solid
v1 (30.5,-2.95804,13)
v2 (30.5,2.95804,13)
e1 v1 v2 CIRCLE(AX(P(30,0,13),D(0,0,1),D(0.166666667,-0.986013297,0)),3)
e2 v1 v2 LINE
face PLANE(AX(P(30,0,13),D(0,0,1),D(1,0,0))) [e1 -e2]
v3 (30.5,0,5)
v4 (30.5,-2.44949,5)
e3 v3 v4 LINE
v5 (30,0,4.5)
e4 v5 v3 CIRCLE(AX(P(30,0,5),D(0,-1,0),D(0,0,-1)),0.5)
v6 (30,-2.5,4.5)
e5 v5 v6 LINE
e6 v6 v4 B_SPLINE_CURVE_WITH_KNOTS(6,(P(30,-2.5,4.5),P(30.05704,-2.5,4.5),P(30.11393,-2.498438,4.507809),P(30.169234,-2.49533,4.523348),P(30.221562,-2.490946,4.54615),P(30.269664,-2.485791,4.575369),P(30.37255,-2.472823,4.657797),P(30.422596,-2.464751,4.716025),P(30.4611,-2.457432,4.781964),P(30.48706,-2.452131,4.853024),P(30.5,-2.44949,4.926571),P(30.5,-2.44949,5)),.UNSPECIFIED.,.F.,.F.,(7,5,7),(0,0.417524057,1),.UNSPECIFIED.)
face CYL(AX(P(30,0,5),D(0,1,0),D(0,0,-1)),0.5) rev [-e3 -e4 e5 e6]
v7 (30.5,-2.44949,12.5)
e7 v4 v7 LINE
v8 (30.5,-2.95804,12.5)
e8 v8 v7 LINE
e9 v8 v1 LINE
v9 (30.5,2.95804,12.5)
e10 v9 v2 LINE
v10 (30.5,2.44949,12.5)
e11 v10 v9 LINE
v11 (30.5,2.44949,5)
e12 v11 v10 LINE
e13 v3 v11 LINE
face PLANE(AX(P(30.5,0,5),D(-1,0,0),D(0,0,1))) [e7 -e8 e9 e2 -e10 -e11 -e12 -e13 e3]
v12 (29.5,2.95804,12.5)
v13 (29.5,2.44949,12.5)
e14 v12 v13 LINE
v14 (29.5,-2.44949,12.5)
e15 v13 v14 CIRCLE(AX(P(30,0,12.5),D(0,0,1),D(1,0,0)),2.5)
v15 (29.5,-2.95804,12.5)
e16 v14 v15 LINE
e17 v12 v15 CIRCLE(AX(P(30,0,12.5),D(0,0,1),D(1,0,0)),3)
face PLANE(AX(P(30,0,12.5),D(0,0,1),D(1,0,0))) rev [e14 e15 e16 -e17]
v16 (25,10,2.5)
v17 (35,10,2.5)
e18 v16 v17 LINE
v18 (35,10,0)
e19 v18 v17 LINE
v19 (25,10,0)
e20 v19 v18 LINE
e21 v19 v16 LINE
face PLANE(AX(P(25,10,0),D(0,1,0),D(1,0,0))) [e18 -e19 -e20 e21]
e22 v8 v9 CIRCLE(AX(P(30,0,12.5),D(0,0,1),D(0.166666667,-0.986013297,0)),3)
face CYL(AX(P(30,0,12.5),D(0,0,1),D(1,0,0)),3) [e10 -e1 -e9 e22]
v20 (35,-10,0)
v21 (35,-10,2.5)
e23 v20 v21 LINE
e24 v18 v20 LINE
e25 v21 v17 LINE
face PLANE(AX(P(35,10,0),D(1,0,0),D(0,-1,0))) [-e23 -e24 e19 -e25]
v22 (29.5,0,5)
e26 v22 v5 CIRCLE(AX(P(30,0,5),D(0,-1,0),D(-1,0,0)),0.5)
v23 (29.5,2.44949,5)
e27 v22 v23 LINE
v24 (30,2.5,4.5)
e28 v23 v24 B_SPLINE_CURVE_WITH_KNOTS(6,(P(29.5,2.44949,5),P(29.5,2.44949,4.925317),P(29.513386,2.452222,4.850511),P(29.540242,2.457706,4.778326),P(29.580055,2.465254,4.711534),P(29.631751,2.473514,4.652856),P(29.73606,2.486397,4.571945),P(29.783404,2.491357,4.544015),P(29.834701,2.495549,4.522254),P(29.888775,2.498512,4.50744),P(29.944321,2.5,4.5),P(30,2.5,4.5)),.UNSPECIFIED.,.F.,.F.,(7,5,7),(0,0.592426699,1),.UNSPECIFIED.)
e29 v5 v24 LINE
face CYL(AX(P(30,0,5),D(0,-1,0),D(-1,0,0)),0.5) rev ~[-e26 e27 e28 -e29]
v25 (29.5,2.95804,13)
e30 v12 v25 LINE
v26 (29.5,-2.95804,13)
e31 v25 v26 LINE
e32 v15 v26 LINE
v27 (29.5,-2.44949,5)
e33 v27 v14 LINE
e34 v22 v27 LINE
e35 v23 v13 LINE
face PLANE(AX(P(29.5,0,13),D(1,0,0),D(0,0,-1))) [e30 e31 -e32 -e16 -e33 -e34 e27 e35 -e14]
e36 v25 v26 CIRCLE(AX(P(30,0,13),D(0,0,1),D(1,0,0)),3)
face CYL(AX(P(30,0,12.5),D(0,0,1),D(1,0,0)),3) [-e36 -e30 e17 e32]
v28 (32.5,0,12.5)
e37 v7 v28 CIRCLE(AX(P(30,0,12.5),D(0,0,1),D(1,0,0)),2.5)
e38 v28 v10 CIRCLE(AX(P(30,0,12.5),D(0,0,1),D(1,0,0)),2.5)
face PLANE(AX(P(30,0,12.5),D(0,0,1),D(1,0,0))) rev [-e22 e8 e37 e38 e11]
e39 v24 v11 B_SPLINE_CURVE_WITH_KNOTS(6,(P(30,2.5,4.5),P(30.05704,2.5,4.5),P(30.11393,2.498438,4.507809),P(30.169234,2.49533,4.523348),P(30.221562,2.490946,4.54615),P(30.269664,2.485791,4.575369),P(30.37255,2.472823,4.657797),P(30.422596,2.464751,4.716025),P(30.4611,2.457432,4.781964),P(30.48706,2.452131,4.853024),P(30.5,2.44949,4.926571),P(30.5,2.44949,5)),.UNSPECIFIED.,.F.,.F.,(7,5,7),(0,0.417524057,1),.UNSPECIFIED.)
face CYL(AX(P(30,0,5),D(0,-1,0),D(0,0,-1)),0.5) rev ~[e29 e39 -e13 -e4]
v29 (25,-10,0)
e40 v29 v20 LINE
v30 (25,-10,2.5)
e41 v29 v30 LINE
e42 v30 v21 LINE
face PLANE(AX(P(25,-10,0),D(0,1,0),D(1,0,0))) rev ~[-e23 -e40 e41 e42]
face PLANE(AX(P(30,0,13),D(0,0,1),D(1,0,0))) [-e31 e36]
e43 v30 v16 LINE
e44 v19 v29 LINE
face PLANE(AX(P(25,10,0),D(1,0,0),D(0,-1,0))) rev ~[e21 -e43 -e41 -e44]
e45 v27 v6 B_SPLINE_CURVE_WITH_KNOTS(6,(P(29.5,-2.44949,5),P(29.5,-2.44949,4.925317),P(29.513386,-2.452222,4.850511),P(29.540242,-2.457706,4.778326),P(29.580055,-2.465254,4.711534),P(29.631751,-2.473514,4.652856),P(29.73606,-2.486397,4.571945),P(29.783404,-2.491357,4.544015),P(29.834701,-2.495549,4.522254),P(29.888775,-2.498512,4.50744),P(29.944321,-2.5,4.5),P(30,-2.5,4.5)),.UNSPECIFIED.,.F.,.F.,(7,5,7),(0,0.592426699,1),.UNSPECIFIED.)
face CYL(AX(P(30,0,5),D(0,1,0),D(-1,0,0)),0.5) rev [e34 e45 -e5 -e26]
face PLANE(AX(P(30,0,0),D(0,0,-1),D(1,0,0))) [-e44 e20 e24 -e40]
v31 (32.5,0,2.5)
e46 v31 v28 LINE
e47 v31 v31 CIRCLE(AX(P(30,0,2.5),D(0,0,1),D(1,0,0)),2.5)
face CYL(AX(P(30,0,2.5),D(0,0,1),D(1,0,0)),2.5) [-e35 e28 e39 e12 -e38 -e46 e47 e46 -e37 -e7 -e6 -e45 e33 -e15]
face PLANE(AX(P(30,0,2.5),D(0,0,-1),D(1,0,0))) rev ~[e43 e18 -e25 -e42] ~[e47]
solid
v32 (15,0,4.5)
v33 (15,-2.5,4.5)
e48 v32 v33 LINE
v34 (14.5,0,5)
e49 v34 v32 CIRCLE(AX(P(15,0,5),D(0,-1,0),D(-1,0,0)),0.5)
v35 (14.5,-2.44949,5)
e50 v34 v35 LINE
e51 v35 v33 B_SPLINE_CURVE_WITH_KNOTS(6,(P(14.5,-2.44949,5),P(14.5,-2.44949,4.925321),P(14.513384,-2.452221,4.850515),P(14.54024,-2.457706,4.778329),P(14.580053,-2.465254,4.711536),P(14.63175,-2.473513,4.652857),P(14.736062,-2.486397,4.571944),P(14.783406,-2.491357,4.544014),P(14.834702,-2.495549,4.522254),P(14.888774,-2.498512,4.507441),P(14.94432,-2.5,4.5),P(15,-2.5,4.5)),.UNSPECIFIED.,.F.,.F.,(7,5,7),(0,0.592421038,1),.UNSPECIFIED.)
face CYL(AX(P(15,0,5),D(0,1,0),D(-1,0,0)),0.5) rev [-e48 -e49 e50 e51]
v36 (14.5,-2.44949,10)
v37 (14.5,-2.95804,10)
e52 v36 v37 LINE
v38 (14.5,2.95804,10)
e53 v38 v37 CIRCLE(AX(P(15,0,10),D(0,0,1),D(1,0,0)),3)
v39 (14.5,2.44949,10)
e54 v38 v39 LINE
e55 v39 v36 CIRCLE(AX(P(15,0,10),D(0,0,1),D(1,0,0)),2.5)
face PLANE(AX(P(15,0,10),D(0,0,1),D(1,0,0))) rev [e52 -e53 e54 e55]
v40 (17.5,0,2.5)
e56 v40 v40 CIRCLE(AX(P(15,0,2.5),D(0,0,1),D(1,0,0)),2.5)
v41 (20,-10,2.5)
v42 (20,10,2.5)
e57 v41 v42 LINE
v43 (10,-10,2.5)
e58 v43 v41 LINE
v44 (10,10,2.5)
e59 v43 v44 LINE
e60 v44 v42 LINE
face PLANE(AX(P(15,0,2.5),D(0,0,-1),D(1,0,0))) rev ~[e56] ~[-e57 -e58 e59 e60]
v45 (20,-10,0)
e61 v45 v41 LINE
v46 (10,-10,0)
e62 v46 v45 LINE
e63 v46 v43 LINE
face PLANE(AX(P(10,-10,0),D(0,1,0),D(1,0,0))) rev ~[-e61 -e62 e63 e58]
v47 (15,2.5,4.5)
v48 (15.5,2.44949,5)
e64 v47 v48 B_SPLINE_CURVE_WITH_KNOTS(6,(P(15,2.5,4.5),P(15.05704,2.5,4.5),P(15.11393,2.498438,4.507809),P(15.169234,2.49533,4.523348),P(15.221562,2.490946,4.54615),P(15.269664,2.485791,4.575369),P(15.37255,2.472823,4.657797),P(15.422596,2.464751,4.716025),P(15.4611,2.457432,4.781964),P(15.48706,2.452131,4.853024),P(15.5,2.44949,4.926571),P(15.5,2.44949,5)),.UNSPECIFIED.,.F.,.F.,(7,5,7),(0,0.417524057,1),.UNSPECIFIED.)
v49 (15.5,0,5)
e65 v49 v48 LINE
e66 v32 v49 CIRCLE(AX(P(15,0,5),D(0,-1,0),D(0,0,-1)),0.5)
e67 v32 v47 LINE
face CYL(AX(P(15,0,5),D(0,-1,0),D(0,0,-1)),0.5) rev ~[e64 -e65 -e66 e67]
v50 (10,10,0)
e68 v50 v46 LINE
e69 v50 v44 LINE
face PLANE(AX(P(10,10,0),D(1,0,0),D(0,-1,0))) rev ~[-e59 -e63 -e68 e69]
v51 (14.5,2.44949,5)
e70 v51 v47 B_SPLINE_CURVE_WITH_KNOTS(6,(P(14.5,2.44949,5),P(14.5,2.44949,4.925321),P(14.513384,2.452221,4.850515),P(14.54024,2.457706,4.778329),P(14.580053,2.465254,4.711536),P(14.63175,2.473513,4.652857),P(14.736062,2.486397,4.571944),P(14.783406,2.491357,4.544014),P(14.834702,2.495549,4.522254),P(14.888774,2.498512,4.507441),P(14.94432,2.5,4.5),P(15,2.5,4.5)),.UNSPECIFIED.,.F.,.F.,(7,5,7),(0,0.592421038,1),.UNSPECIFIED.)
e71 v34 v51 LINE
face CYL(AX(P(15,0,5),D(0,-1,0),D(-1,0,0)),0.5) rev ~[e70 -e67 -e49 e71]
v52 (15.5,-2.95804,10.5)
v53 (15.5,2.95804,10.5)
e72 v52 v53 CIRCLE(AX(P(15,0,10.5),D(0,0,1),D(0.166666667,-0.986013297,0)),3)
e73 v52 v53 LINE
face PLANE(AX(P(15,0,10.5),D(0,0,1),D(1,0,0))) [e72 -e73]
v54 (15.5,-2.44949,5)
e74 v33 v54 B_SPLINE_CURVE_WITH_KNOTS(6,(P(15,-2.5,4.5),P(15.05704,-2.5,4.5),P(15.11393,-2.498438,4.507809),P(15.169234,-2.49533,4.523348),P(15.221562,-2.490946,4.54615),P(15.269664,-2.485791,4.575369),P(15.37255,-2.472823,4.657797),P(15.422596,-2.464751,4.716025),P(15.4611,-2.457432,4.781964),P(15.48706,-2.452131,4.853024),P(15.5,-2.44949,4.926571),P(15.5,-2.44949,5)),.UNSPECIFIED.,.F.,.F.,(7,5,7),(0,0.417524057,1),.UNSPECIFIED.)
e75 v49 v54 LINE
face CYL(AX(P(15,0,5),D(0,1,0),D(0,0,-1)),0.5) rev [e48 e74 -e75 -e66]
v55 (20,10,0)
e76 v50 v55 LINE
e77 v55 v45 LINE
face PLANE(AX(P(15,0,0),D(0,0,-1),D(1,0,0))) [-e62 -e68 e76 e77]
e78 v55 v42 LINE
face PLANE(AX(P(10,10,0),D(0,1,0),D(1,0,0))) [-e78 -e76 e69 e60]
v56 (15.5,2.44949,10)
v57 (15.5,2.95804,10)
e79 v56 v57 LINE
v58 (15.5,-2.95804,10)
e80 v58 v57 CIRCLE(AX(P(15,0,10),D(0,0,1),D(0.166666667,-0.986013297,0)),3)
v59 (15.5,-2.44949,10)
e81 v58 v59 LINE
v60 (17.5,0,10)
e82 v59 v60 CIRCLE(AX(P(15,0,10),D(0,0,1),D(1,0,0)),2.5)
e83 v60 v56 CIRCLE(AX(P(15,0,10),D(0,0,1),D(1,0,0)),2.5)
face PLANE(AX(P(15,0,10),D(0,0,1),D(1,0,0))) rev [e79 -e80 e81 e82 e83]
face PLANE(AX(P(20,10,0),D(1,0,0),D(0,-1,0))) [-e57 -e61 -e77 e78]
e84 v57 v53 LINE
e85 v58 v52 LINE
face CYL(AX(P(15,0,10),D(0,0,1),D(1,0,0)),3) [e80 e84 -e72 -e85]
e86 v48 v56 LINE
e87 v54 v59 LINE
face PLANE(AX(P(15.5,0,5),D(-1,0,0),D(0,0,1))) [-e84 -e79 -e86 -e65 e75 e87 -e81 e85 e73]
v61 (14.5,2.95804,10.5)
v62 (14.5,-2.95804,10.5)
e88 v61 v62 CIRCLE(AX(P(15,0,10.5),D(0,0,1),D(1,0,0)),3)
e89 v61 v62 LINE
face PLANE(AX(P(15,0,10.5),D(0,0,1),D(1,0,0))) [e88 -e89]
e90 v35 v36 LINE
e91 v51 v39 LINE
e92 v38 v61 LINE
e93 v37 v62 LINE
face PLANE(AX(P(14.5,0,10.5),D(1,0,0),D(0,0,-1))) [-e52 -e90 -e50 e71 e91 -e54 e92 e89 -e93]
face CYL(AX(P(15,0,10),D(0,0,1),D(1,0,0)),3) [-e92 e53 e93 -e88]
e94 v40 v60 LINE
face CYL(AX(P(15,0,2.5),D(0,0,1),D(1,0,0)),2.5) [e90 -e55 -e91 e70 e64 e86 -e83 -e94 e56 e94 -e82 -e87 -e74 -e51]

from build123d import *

# Parameters (mm, degrees)
F5_DEPTH      = 25
F5_DEPTH_BACK = 25
F6_W          = 10
F6_H          = 10
F7_DEPTH      = 2.5
F6_H_2        = 20


with BuildPart() as f1:
    # F0 (on Front) → F1 (revolve)
    with BuildSketch(Plane.XZ):
        Polygon((3, 8), (0, 8), (0, 0), (5, 0), (5, 2.5), (2.5, 2.5), (2.5, 7.5), (3, 7.5), align=None)
    revolve(axis=Axis((0, 0, 8.1081883982), (0, 0, 1)))


with BuildPart() as f2:
    # F0 (on Front) → F2 (revolve)
    with BuildSketch(Plane.XZ):
        Polygon((18, 10.5), (15, 10.5), (15, 0), (20, 0), (20, 2.5), (17.5, 2.5), (17.5, 10), (18, 10), align=None)
    revolve(axis=Axis((15, 0, 7.5201606378), (0, 0, 1)))


with BuildPart() as f3:
    # F0 (on Front) → F3 (revolve)
    with BuildSketch(Plane.XZ):
        Polygon((33, 13), (30, 13), (30, 0), (35, 0), (35, 2.5), (32.5, 2.5), (32.5, 12.5), (33, 12.5), align=None)
    revolve(axis=Axis((30, 0, 13.954574092), (0, 0, 1)))


with BuildPart() as f5_tool:
    # F4 (on Front) → F5 (new body, two sides)
    with BuildSketch(Plane.XZ) as f5_sk:
        with BuildLine():
            Line((0.5, 8), (0, 8))
            Line((0, 8), (-0.5, 8))
            Line((-0.5, 8), (-0.5, 5))
            ThreePointArc((-0.5, 5), (-0.3535533906, 4.6464466094), (0, 4.5))
            ThreePointArc((0, 4.5), (0.3535533906, 4.6464466094), (0.5, 5))
            Line((0.5, 5), (0.5, 8))
        make_face()
        with BuildLine():
            Line((15.5, 10.5), (15, 10.5))
            Line((15, 10.5), (14.5, 10.5))
            Line((14.5, 10.5), (14.5, 5))
            ThreePointArc((14.5, 5), (14.6464466094, 4.6464466094), (15, 4.5))
            ThreePointArc((15, 4.5), (15.3535533906, 4.6464466094), (15.5, 5))
            Line((15.5, 5), (15.5, 10.5))
        make_face()
        with BuildLine():
            Line((30.5, 13), (30, 13))
            Line((30, 13), (29.5, 13))
            Line((29.5, 13), (29.5, 5))
            ThreePointArc((29.5, 5), (29.6464466094, 4.6464466094), (30, 4.5))
            ThreePointArc((30, 4.5), (30.3535533906, 4.6464466094), (30.5, 5))
            Line((30.5, 5), (30.5, 13))
        make_face()
    extrude(amount=-F5_DEPTH)
    extrude(f5_sk.sketch, amount=F5_DEPTH_BACK)


with BuildPart() as f1_1:
    add(f1.part)

    # F5: cut by f5_tool
    add(f5_tool.part, mode=Mode.SUBTRACT)

    # F6 (on face) → F7 (join, through all)
    with BuildSketch(Plane(origin=(0, 0, 0), x_dir=(1, 0, 0), z_dir=(0, 0, -1))):
        Rectangle(F6_W, F6_H)
    extrude(amount=-F7_DEPTH)


with BuildPart() as f2_1:
    add(f2.part)

    # F5: cut by f5_tool
    add(f5_tool.part, mode=Mode.SUBTRACT)

    # F6 (on face) → F7, piece 2 (join, through all)
    with BuildSketch(Plane(origin=(0, 0, 0), x_dir=(1, 0, 0), z_dir=(0, 0, -1))):
        with Locations((15, 0)):
            Rectangle(F6_W, F6_H_2)
    extrude(amount=-F7_DEPTH)


with BuildPart() as f3_1:
    add(f3.part)

    # F5: cut by f5_tool
    add(f5_tool.part, mode=Mode.SUBTRACT)

    # F6 (on face) → F7, piece 3 (join, through all)
    with BuildSketch(Plane(origin=(0, 0, 0), x_dir=(1, 0, 0), z_dir=(0, 0, -1))):
        with Locations((30, 0)):
            Rectangle(F6_W, F6_H_2)
    extrude(amount=-F7_DEPTH)


solid = Compound([f2_1.part, f3_1.part])
